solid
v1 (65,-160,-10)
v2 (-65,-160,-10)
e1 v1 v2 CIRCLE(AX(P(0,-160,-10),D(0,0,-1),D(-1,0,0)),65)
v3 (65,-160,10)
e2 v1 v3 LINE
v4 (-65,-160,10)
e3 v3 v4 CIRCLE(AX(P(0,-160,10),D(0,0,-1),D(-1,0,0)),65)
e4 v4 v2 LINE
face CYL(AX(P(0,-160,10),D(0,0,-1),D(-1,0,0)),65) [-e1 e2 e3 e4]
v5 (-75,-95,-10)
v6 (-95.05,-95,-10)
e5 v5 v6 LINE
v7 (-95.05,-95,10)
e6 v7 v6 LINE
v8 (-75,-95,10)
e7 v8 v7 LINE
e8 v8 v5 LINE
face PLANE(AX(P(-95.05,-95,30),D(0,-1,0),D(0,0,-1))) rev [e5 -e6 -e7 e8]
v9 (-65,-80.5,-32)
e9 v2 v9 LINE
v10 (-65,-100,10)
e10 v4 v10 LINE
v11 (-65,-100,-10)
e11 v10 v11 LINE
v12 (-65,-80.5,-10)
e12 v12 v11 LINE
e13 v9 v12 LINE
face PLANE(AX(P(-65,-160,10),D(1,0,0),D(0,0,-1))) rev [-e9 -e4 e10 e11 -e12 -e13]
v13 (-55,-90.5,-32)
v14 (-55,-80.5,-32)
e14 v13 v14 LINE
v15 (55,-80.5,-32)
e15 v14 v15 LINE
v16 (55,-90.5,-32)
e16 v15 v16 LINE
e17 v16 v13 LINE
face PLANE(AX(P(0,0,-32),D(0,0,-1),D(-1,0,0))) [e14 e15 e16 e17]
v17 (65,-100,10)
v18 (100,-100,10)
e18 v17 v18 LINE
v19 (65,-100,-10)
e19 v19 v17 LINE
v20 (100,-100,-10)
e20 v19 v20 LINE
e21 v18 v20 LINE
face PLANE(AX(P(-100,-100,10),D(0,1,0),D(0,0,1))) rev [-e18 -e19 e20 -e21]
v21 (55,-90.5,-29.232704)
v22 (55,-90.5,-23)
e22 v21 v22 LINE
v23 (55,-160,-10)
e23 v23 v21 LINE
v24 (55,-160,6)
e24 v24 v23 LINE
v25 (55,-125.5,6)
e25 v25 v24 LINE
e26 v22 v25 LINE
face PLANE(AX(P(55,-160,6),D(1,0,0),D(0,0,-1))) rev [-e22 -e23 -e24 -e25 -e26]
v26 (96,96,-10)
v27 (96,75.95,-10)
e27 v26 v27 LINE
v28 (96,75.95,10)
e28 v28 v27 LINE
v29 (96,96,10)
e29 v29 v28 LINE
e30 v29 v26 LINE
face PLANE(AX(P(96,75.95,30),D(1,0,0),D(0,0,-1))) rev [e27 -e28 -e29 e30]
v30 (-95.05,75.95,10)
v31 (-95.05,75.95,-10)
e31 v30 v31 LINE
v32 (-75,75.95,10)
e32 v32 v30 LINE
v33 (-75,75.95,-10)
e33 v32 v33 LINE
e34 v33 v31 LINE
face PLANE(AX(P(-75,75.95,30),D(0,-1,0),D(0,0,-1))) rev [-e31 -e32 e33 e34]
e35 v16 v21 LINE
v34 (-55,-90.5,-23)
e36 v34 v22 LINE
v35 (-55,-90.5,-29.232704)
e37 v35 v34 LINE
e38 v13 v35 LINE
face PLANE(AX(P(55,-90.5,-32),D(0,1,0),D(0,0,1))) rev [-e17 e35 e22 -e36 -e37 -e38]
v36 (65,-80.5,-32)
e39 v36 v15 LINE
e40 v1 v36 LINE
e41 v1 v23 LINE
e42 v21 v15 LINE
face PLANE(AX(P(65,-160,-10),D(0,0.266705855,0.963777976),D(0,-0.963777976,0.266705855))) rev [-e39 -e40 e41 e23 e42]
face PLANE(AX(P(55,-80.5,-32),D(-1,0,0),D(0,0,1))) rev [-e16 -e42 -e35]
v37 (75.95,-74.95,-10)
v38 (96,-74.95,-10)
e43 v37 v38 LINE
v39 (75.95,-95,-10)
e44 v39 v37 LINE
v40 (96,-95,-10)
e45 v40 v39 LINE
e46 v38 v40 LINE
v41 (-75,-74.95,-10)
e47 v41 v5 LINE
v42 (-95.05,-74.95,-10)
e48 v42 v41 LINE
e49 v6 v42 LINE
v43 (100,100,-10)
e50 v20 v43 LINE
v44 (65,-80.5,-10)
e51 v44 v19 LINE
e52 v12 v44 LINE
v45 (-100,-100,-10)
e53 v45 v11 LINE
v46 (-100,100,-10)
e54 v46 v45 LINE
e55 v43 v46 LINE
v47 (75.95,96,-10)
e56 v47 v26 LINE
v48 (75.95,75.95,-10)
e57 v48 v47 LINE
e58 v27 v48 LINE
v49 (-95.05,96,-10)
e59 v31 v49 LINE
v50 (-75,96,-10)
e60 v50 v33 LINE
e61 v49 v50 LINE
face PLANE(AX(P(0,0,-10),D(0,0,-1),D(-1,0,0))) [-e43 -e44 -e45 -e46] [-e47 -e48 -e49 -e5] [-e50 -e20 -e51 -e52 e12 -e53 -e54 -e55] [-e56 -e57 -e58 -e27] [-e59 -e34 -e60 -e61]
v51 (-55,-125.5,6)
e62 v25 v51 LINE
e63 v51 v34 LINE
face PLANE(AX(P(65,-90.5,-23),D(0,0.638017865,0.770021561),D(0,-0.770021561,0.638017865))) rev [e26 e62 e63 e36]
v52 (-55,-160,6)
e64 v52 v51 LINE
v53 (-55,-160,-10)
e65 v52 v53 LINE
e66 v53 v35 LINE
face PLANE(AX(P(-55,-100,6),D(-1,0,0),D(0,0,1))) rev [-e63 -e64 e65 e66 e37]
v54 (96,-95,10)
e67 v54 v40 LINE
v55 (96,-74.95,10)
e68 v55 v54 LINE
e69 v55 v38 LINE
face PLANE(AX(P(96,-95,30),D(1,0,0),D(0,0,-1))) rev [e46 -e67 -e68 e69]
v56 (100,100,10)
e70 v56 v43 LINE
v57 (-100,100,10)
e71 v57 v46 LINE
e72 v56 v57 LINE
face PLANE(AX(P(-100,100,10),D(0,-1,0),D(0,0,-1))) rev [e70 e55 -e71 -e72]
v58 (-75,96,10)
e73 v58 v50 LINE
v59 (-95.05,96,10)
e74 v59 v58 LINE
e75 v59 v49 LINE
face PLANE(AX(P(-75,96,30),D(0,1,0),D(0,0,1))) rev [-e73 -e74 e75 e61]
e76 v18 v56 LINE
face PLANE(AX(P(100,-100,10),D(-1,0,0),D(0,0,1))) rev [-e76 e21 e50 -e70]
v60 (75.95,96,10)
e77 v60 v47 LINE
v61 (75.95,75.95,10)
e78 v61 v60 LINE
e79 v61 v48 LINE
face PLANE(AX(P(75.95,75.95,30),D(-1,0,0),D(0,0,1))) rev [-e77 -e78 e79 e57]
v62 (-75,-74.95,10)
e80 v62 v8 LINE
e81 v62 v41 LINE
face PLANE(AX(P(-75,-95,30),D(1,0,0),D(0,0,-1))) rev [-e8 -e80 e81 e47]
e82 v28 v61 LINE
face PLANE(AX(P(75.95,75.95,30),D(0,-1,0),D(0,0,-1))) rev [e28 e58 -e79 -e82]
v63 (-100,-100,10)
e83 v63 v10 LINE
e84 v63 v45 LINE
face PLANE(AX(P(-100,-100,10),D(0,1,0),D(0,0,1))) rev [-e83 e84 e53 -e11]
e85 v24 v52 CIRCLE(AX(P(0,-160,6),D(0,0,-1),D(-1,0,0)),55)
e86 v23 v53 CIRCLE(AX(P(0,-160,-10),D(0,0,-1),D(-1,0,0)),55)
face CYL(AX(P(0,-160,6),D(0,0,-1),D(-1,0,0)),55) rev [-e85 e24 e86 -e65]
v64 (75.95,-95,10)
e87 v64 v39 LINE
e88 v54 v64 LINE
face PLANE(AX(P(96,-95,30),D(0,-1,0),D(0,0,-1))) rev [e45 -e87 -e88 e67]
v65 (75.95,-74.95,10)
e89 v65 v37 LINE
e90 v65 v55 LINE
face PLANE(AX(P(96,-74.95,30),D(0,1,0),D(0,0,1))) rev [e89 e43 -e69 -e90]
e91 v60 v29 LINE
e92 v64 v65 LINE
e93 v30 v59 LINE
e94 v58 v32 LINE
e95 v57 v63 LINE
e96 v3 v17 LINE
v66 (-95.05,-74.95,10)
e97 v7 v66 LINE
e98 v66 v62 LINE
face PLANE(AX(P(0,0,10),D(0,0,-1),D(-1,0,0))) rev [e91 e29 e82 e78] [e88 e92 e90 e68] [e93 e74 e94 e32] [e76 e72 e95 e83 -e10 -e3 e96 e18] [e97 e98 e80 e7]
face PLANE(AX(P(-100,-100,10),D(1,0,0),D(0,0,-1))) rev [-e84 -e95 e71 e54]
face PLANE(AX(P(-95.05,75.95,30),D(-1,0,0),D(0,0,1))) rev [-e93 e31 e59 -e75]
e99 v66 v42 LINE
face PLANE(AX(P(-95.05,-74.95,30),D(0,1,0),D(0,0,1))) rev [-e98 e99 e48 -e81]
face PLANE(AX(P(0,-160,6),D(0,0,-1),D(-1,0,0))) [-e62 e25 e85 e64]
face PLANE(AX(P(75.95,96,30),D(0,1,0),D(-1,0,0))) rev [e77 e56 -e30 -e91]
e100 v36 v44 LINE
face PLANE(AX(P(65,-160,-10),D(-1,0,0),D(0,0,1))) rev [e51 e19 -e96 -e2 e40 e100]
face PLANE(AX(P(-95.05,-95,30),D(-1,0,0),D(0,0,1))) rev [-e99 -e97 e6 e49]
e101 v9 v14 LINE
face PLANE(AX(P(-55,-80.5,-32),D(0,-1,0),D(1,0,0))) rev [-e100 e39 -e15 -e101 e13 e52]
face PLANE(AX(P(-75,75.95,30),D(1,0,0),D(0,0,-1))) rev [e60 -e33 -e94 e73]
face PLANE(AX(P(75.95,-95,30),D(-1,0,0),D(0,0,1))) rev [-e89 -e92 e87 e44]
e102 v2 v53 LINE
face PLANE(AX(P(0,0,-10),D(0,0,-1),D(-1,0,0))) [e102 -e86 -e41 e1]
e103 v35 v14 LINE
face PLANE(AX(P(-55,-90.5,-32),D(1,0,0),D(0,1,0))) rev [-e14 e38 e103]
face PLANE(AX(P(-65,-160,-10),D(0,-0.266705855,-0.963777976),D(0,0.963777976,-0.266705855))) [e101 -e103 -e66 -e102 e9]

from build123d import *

# Parameters (mm, degrees)
SKETCH_1_W          = 200
SKETCH_1_H          = 200
EXTRUDE_1_DEPTH     = 10
SKETCH_2_W          = 20.05
SKETCH_2_H          = 20.05
CUT_EXTRUDE_2_DEPTH = 40
SKETCH_5_W          = 130
SKETCH_5_H          = 20
EXTRUDE_2_DEPTH     = 60
EXTRUDE_3_DEPTH     = 20
CUT_EXTRUDE_4_DEPTH = 16
SKETCH_10_W         = 110
SKETCH_10_H         = 10
EXTRUDE_5_DEPTH     = 38
EXTRUDE_6_DEPTH     = 10
EXTRUDE_7_DEPTH     = 120


with BuildPart() as part:
    # 草图1 → 凸台-拉伸1 (new, symmetric)
    with BuildSketch(Plane.XY):
        Rectangle(SKETCH_1_W, SKETCH_1_H)
    extrude(amount=EXTRUDE_1_DEPTH, both=True)

    # 草图2 → 切除-拉伸2 (cut)
    with BuildSketch(Plane(origin=(0, 0, -10), x_dir=(-1, 0, 0), z_dir=(0, 0, -1))):
        with Locations((-85.975, 85.975)):
            Rectangle(SKETCH_2_W, SKETCH_2_H)
        with Locations((85.025, 85.975)):
            Rectangle(SKETCH_2_W, SKETCH_2_H)
        with Locations((85.025, -84.975)):
            Rectangle(SKETCH_2_W, SKETCH_2_H)
        with Locations((-85.975, -84.975)):
            Rectangle(SKETCH_2_W, SKETCH_2_H)
    extrude(amount=-CUT_EXTRUDE_2_DEPTH, mode=Mode.SUBTRACT)

    # 草图5 → 凸台-拉伸2 (add)
    with BuildSketch(Plane.XZ.offset(100)):
        Rectangle(SKETCH_5_W, SKETCH_5_H)
    extrude(amount=EXTRUDE_2_DEPTH)

    # 草图6 → 凸台-拉伸3 (add)
    with BuildSketch(Plane(origin=(0, 0, -10), x_dir=(-1, 0, 0), z_dir=(0, 0, -1))):
        with BuildLine():
            Line((-65, -160), (65, -160))
            ThreePointArc((65, -160), (0, -225), (-65, -160))
        make_face()
    extrude(amount=-EXTRUDE_3_DEPTH)

    # 草图7 → 切除-拉伸4 (cut)
    with BuildSketch(Plane(origin=(0, 0, -10), x_dir=(-1, 0, 0), z_dir=(0, 0, -1))):
        with BuildLine():
            Line((-55, -100), (-55, -80.5))
            Line((-55, -80.5), (55, -80.5))
            Line((55, -80.5), (55, -100))
            Line((55, -100), (55, -160))
            ThreePointArc((55, -160), (0, -215), (-55, -160))
            Line((-55, -160), (-55, -100))
        make_face()
    extrude(amount=-CUT_EXTRUDE_4_DEPTH, mode=Mode.SUBTRACT)

    # 草图10 → 凸台-拉伸5 (add)
    with BuildSketch(Plane(origin=(0, 0, 6), x_dir=(-1, 0, 0), z_dir=(0, 0, -1))):
        with Locations((0, -85.5)):
            Rectangle(SKETCH_10_W, SKETCH_10_H)
    extrude(amount=EXTRUDE_5_DEPTH)

    # 草图11 → 凸台-拉伸6 (add)
    with BuildSketch(Plane(origin=(55, 0, 0), x_dir=(0, 0, -1), z_dir=(1, 0, 0))):
        Polygon((32, -80.5), (10, -80.5), (10, -160), align=None)
    extrude_6 = extrude(amount=EXTRUDE_6_DEPTH)

    # 镜向1: 凸台-拉伸6 across plane
    add(extrude_6.mirror(Plane(origin=(0, 0, 0), x_dir=(0, 0, 1), z_dir=(1, 0, 0))))

    # 草图12 → 凸台-拉伸7 (add)
    with BuildSketch(Plane(origin=(-55, 0, 0), x_dir=(0, 0, -1), z_dir=(1, 0, 0))):
        Polygon((-6, -125.5), (-6, -90.5), (23, -90.5), align=None)
    extrude(amount=EXTRUDE_7_DEPTH)


solid = part.part
